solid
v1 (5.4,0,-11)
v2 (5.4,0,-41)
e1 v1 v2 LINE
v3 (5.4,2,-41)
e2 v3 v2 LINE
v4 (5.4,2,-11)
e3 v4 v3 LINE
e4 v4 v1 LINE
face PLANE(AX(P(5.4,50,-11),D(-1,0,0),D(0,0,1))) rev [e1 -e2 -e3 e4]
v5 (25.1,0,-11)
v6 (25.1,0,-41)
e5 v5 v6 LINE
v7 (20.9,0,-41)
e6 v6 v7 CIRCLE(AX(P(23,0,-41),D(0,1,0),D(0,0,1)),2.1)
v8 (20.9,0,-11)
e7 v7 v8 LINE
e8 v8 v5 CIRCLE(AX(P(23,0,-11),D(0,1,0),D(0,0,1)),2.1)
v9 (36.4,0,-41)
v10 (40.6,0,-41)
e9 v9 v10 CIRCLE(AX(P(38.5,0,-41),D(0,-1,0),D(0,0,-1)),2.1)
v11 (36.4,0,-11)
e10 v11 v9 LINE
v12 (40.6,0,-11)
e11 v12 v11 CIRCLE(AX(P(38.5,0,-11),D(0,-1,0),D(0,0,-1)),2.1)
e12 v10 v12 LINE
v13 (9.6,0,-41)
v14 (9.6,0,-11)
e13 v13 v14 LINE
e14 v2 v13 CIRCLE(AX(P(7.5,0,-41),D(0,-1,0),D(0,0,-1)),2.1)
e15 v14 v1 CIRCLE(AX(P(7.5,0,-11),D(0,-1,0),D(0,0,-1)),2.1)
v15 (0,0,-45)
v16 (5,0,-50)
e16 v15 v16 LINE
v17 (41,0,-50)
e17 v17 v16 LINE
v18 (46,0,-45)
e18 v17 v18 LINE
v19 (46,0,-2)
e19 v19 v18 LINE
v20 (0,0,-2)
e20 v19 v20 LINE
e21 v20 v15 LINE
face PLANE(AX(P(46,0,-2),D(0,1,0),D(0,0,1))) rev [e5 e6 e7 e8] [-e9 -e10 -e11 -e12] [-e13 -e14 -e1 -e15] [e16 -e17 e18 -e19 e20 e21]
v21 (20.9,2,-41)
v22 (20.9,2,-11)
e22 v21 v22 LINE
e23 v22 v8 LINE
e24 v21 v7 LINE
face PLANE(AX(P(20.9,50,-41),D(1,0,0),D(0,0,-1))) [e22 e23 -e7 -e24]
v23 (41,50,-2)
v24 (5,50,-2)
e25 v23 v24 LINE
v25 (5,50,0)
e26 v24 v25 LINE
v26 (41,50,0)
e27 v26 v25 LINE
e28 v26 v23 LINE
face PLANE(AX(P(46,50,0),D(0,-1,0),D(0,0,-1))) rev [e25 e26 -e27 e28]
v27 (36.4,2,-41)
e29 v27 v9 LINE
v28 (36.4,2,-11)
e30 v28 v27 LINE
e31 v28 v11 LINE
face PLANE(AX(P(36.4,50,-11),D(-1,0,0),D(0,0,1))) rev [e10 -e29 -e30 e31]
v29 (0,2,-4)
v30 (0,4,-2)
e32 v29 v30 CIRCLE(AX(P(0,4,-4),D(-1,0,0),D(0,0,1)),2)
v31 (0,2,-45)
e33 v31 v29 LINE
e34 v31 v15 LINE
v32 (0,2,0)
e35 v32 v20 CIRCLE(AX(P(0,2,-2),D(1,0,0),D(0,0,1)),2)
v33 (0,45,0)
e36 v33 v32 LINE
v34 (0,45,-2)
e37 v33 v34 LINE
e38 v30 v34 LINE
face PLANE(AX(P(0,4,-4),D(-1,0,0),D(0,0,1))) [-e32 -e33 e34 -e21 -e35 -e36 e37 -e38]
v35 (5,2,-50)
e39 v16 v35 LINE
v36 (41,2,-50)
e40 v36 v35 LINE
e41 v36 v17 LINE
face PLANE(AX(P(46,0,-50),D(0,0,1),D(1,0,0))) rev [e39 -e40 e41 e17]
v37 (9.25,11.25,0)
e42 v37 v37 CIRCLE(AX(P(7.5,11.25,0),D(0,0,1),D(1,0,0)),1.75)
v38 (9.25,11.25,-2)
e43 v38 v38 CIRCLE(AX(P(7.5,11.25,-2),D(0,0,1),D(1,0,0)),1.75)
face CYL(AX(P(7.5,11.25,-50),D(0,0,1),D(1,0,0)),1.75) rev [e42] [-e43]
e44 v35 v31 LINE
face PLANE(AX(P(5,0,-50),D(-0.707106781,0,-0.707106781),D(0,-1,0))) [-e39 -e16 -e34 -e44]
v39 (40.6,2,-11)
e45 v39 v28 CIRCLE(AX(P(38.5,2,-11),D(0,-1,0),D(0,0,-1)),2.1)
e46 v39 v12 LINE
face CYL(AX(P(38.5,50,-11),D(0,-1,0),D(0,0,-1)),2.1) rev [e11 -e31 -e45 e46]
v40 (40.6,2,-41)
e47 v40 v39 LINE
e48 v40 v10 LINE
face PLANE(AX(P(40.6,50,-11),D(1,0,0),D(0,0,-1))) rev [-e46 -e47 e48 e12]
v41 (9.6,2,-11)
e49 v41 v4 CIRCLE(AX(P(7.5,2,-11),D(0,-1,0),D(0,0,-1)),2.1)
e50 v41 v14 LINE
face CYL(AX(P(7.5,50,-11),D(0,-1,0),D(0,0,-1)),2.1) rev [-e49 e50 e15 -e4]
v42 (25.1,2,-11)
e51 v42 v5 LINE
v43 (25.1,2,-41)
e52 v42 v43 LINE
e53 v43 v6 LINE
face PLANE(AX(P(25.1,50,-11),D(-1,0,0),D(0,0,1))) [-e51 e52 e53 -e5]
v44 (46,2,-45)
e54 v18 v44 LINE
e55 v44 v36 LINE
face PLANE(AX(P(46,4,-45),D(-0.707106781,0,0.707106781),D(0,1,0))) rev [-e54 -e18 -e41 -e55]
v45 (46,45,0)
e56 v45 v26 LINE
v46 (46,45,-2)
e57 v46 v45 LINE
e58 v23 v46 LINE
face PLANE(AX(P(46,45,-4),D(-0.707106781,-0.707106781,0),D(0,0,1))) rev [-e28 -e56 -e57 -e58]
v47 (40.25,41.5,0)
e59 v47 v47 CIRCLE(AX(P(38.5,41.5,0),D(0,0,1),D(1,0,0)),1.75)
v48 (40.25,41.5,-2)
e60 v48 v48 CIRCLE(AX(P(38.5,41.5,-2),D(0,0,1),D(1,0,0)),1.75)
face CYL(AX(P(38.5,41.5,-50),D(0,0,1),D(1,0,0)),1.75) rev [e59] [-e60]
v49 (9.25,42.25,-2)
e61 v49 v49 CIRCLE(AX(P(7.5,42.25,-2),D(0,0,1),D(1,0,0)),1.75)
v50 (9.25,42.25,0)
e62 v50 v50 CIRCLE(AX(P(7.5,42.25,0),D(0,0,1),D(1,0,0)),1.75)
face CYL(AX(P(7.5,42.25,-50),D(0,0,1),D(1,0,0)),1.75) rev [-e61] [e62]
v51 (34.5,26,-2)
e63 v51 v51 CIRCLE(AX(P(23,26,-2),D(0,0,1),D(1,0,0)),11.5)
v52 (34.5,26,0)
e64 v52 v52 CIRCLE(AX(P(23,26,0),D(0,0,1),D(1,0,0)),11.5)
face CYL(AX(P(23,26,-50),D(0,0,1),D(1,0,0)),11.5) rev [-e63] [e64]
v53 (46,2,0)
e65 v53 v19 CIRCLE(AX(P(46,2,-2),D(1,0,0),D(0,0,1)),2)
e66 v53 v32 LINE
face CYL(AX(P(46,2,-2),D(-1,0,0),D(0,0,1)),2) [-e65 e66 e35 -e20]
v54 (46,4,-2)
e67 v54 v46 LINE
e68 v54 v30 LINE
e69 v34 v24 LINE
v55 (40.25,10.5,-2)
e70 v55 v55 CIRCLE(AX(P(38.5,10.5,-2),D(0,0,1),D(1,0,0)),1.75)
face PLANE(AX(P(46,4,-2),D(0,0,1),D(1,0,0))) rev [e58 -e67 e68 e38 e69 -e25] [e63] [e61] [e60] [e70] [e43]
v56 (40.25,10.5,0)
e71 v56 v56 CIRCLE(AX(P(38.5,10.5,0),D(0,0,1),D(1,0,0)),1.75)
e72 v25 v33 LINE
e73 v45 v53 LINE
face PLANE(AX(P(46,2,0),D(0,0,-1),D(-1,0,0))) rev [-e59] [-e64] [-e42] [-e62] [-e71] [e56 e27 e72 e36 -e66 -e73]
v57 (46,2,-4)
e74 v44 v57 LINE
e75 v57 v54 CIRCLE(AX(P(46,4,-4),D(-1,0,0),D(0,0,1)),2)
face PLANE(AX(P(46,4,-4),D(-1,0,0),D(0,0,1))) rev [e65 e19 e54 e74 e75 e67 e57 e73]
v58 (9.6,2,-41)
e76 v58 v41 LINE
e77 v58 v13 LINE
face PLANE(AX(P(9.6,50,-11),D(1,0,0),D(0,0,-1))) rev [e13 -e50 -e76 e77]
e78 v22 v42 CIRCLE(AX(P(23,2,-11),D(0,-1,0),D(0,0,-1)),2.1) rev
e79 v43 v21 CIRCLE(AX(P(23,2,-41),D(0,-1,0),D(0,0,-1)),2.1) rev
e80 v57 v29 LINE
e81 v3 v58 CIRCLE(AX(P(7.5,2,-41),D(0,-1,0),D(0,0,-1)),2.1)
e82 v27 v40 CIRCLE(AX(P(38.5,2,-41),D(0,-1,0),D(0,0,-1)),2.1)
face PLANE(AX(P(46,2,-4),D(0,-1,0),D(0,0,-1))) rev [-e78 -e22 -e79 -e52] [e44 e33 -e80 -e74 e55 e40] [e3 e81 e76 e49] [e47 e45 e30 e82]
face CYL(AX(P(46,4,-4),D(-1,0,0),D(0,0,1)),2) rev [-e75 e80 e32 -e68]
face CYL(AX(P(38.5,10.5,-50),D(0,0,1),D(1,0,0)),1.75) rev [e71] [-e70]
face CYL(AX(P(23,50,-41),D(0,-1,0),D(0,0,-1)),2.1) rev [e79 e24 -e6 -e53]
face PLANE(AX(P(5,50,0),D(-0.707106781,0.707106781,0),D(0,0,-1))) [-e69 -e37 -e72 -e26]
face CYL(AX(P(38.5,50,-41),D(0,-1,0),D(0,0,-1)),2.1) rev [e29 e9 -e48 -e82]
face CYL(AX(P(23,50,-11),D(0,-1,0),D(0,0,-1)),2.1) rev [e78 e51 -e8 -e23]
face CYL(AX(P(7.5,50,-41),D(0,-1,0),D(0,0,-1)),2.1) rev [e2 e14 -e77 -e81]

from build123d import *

# Parameters (mm, degrees)
SALIENTE_EXTRUIR1_DEPTH = 46
CROQUIS2_R              = 11.5
CROQUIS2_R_2            = 1.75
CORTAR_EXTRUIR1_DEPTH   = 85.356386836
CORTAR_EXTRUIR2_DEPTH   = 85.356386836
CHAFL_N1_SIZE           = 5
CORTE_EXTRUS_O1_DEPTH   = 85.356386836


with BuildPart() as part:
    # Croquis1 → Saliente-Extruir1 (new body)
    with BuildSketch(Plane(origin=(0, 0, 0), x_dir=(0, 0, -1), z_dir=(1, 0, 0))):
        with BuildLine():
            Line((2, 0), (50, 0))
            Line((50, 0), (50, 2))
            Line((50, 2), (4, 2))
            ThreePointArc((4, 2), (2.585786438, 2.585786438), (2, 4))
            Line((2, 4), (2, 50))
            Line((2, 50), (0, 50))
            Line((0, 50), (0, 2))
            ThreePointArc((0, 2), (0.585786438, 0.585786438), (2, 0))
        make_face()
    extrude(amount=SALIENTE_EXTRUIR1_DEPTH)

    # Croquis2 → Cortar-Extruir1 (cut, through all)
    with BuildSketch(Plane.XY):
        with Locations((23, 26)):
            Circle(CROQUIS2_R)
        with Locations((7.5, 42.25)):
            Circle(CROQUIS2_R_2)
        with Locations((38.5, 41.5)):
            Circle(CROQUIS2_R_2)
        with Locations((7.5, 11.25)):
            Circle(CROQUIS2_R_2)
        with Locations((38.5, 10.5)):
            Circle(CROQUIS2_R_2)
    extrude(amount=-CORTAR_EXTRUIR1_DEPTH, mode=Mode.SUBTRACT)

    # Croquis3 → Cortar-Extruir2 (cut, through all)
    with BuildSketch(Plane.XZ):
        with BuildLine():
            Line((5.4, -11), (5.4, -41))
            ThreePointArc((5.4, -41), (7.5, -43.1), (9.6, -41))
            Line((9.6, -41), (9.6, -11))
            ThreePointArc((9.6, -11), (7.5, -8.9), (5.4, -11))
        make_face()
        with BuildLine():
            Line((36.4, -11), (36.4, -41))
            ThreePointArc((36.4, -41), (38.5, -43.1), (40.6, -41))
            Line((40.6, -41), (40.6, -11))
            ThreePointArc((40.6, -11), (38.5, -8.9), (36.4, -11))
        make_face()
    extrude(amount=-CORTAR_EXTRUIR2_DEPTH, mode=Mode.SUBTRACT)

    # Chaflán1
    chafl_n1_edges = [part.edges().sort_by_distance(p)[0] for p in [
        (0, 1, -50),
        (46, 50, -1),
        (46, 1, -50),
        (0, 50, -1),
    ]]
    chamfer(chafl_n1_edges, length=CHAFL_N1_SIZE)

    # Esboço1 → Corte-extrusão1 (cut, through all)
    with BuildSketch(Plane.XZ):
        with BuildLine():
            Line((20.9, -41), (20.9, -11))
            ThreePointArc((20.9, -11), (23, -8.9), (25.1, -11))
            Line((25.1, -11), (25.1, -41))
            ThreePointArc((25.1, -41), (23, -43.1), (20.9, -41))
        make_face()
    extrude(amount=-CORTE_EXTRUS_O1_DEPTH, mode=Mode.SUBTRACT)


solid = part.part
